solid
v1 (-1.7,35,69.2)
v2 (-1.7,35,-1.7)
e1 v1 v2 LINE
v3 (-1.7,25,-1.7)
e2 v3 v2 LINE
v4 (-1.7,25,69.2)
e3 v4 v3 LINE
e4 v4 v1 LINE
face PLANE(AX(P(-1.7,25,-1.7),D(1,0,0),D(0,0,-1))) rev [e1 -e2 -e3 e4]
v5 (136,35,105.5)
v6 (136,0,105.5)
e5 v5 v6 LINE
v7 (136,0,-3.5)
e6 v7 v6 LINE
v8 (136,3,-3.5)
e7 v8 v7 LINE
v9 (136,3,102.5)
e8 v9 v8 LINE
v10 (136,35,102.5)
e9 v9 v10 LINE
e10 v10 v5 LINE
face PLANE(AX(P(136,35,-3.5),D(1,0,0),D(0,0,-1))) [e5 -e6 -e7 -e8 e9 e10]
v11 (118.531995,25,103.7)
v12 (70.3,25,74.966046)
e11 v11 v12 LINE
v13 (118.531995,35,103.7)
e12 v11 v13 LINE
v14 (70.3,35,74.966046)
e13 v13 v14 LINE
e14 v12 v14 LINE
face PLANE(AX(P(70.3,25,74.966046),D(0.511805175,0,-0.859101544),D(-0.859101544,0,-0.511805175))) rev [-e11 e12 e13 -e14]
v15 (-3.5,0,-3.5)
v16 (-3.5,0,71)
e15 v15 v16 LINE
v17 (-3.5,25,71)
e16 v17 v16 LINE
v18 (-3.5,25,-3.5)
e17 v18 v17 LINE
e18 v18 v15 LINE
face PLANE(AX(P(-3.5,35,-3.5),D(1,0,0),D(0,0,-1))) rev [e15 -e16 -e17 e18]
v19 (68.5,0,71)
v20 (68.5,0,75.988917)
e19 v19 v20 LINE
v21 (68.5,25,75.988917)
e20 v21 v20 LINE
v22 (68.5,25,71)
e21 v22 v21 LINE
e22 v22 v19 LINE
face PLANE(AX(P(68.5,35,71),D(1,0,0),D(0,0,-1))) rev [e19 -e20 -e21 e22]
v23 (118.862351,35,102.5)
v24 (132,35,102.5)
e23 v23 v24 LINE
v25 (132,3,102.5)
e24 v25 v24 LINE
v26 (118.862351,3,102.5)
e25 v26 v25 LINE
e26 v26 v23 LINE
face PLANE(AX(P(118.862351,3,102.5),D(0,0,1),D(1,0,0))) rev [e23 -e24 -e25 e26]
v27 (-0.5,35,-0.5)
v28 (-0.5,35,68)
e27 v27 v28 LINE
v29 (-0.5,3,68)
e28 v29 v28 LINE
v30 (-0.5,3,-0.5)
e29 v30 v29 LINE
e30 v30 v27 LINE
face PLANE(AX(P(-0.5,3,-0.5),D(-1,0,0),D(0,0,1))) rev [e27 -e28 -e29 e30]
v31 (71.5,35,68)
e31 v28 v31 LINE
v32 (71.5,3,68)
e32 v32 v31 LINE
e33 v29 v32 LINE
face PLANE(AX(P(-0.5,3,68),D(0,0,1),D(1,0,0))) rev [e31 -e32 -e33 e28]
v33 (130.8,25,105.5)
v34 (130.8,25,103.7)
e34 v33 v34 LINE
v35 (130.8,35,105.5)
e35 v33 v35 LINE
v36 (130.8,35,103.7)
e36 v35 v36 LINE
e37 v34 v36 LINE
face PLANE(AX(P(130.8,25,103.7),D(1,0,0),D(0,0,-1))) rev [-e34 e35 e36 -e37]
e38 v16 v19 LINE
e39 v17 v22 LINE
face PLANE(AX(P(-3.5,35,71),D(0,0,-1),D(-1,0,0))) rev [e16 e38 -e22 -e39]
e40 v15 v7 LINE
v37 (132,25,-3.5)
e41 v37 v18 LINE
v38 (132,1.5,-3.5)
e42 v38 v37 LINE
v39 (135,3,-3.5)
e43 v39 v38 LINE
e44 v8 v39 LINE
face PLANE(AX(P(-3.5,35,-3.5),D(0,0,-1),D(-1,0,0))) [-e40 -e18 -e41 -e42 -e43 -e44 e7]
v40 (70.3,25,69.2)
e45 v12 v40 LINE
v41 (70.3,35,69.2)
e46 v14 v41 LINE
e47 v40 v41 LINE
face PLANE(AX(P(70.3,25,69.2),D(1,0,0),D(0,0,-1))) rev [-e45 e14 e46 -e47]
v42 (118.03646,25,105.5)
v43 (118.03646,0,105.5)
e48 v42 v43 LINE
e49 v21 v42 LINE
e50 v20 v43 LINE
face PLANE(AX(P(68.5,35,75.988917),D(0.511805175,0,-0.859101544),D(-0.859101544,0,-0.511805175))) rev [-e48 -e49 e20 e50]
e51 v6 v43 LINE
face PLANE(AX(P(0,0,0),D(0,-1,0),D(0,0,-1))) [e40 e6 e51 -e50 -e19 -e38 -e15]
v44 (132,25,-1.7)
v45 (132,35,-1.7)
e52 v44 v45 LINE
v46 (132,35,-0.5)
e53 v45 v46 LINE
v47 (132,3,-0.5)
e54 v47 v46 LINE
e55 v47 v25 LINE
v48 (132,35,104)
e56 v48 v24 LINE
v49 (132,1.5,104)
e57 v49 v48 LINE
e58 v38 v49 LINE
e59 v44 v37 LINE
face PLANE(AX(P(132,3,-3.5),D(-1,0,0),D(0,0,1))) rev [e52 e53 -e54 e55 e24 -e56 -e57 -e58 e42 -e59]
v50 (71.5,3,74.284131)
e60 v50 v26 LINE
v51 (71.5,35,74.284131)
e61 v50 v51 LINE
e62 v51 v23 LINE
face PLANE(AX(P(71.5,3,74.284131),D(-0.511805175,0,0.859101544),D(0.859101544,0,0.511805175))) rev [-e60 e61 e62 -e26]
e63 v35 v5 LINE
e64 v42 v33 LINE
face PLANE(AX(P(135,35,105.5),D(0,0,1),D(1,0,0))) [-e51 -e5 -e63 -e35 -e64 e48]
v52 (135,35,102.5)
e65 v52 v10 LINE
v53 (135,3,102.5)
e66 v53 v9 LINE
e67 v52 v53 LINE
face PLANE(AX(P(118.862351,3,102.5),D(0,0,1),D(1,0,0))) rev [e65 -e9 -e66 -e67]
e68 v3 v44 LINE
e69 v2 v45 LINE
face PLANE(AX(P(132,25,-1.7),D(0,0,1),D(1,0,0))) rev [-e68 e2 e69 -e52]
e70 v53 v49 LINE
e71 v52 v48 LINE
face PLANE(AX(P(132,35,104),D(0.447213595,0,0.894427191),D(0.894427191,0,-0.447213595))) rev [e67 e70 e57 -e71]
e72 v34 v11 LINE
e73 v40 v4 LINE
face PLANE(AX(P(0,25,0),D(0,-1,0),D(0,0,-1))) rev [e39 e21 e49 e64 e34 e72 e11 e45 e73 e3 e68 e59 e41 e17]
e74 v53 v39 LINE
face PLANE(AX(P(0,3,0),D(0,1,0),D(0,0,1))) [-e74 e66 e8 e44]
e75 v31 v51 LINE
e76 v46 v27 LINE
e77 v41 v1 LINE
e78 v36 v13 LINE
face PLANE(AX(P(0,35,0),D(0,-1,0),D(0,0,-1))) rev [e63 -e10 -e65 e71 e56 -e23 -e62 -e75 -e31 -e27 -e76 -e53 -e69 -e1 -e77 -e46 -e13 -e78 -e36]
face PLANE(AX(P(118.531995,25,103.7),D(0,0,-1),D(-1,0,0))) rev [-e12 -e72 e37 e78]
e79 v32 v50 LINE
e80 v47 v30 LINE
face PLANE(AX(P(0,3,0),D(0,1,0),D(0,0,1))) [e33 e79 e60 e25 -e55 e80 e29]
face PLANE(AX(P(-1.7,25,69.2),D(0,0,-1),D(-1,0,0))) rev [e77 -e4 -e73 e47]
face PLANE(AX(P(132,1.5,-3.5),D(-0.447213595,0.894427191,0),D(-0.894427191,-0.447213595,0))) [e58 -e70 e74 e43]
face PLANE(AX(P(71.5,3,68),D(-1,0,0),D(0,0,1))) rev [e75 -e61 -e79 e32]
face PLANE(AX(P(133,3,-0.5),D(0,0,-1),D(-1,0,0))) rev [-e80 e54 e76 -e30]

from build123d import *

# Parameters (mm, degrees)
BOSS_EXTRUDE1_DEPTH = 35
CUT_EXTRUDE1_DEPTH  = 32
SKETCH5_W           = 4
SKETCH5_H           = 106
CUT_EXTRUDE2_DEPTH  = 32
SKETCH6_W           = 3
SKETCH6_H           = 106
CUT_EXTRUDE3_DEPTH  = 1.5
SKETCH7_W           = 3
SKETCH7_H           = 33.5
CUT_EXTRUDE4_DEPTH  = 1.5
CUT_EXTRUDE5_DEPTH  = 10
BOSS_EXTRUDE2_DEPTH = 33.5
BOSS_EXTRUDE3_DEPTH = 109


with BuildPart() as part:
    # PCB → Boss-Extrude1 (new body)
    with BuildSketch(Plane(origin=(0, 0, 0), x_dir=(1, 0, 0), z_dir=(0, 1, 0))):
        Polygon((68.5, -75.988917258), (118.036460317, -105.5), (135, -105.5), (136, -105.5), (136, 3.5), (135, 3.5), (-3.5, 3.5), (-3.5, -71), (68.5, -71), align=None)
    extrude(amount=BOSS_EXTRUDE1_DEPTH)

    # Sketch4 → Cut-Extrude1 (cut)
    with BuildSketch(Plane(origin=(0, 35, 0), x_dir=(1, 0, 0), z_dir=(0, 1, 0))):
        Polygon((133, 0.5), (-0.5, 0.5), (-0.5, -68), (71.5, -68), (71.5, -74.284131037), (118.862351474, -102.5), (133, -102.5), align=None)
    extrude(amount=-CUT_EXTRUDE1_DEPTH, mode=Mode.SUBTRACT)

    # Sketch5 → Cut-Extrude2 (cut)
    with BuildSketch(Plane(origin=(0, 35, 0), x_dir=(1, 0, 0), z_dir=(0, 1, 0))):
        with Locations((134, -49.5)):
            Rectangle(SKETCH5_W, SKETCH5_H)
    extrude(amount=-CUT_EXTRUDE2_DEPTH, mode=Mode.SUBTRACT)

    # Sketch6 → Cut-Extrude3 (cut)
    with BuildSketch(Plane(origin=(0, 3, 0), x_dir=(1, 0, 0), z_dir=(0, 1, 0))):
        with Locations((133.5, -49.5)):
            Rectangle(SKETCH6_W, SKETCH6_H)
    extrude(amount=-CUT_EXTRUDE3_DEPTH, mode=Mode.SUBTRACT)

    # Sketch7 → Cut-Extrude4 (cut)
    with BuildSketch(Plane(origin=(0, 0, 102.5), x_dir=(-1, 0, 0), z_dir=(0, 0, -1))):
        with Locations((-133.5, 18.25)):
            Rectangle(SKETCH7_W, SKETCH7_H)
    extrude(amount=-CUT_EXTRUDE4_DEPTH, mode=Mode.SUBTRACT)

    # Sketch10 → Cut-Extrude5 (cut)
    with BuildSketch(Plane(origin=(0, 35, 0), x_dir=(1, 0, 0), z_dir=(0, 1, 0))):
        Polygon((130.8, -105.5), (118.036460317, -105.5), (68.5, -75.988917258), (68.5, -71), (-3.5, -71), (-3.5, 3.5), (132, 3.5), (132, 1.7), (-1.7, 1.7), (-1.7, -69.2), (70.3, -69.2), (70.3, -74.966045525), (118.531995011, -103.7), (130.8, -103.7), align=None)
    extrude(amount=-CUT_EXTRUDE5_DEPTH, mode=Mode.SUBTRACT)

    # Sketch11 → Boss-Extrude2 (add)
    with BuildSketch(Plane(origin=(0, 1.5, 0), x_dir=(1, 0, 0), z_dir=(0, 1, 0))):
        Polygon((132, -104), (135, -102.5), (135, -104), align=None)
    extrude(amount=BOSS_EXTRUDE2_DEPTH)

    # Sketch13 → Boss-Extrude3 (add)
    with BuildSketch(Plane.XY.offset(105.5)):
        Polygon((132, 1.5), (135, 3), (135, 1.5), align=None)
    extrude(amount=-BOSS_EXTRUDE3_DEPTH)


solid = part.part
